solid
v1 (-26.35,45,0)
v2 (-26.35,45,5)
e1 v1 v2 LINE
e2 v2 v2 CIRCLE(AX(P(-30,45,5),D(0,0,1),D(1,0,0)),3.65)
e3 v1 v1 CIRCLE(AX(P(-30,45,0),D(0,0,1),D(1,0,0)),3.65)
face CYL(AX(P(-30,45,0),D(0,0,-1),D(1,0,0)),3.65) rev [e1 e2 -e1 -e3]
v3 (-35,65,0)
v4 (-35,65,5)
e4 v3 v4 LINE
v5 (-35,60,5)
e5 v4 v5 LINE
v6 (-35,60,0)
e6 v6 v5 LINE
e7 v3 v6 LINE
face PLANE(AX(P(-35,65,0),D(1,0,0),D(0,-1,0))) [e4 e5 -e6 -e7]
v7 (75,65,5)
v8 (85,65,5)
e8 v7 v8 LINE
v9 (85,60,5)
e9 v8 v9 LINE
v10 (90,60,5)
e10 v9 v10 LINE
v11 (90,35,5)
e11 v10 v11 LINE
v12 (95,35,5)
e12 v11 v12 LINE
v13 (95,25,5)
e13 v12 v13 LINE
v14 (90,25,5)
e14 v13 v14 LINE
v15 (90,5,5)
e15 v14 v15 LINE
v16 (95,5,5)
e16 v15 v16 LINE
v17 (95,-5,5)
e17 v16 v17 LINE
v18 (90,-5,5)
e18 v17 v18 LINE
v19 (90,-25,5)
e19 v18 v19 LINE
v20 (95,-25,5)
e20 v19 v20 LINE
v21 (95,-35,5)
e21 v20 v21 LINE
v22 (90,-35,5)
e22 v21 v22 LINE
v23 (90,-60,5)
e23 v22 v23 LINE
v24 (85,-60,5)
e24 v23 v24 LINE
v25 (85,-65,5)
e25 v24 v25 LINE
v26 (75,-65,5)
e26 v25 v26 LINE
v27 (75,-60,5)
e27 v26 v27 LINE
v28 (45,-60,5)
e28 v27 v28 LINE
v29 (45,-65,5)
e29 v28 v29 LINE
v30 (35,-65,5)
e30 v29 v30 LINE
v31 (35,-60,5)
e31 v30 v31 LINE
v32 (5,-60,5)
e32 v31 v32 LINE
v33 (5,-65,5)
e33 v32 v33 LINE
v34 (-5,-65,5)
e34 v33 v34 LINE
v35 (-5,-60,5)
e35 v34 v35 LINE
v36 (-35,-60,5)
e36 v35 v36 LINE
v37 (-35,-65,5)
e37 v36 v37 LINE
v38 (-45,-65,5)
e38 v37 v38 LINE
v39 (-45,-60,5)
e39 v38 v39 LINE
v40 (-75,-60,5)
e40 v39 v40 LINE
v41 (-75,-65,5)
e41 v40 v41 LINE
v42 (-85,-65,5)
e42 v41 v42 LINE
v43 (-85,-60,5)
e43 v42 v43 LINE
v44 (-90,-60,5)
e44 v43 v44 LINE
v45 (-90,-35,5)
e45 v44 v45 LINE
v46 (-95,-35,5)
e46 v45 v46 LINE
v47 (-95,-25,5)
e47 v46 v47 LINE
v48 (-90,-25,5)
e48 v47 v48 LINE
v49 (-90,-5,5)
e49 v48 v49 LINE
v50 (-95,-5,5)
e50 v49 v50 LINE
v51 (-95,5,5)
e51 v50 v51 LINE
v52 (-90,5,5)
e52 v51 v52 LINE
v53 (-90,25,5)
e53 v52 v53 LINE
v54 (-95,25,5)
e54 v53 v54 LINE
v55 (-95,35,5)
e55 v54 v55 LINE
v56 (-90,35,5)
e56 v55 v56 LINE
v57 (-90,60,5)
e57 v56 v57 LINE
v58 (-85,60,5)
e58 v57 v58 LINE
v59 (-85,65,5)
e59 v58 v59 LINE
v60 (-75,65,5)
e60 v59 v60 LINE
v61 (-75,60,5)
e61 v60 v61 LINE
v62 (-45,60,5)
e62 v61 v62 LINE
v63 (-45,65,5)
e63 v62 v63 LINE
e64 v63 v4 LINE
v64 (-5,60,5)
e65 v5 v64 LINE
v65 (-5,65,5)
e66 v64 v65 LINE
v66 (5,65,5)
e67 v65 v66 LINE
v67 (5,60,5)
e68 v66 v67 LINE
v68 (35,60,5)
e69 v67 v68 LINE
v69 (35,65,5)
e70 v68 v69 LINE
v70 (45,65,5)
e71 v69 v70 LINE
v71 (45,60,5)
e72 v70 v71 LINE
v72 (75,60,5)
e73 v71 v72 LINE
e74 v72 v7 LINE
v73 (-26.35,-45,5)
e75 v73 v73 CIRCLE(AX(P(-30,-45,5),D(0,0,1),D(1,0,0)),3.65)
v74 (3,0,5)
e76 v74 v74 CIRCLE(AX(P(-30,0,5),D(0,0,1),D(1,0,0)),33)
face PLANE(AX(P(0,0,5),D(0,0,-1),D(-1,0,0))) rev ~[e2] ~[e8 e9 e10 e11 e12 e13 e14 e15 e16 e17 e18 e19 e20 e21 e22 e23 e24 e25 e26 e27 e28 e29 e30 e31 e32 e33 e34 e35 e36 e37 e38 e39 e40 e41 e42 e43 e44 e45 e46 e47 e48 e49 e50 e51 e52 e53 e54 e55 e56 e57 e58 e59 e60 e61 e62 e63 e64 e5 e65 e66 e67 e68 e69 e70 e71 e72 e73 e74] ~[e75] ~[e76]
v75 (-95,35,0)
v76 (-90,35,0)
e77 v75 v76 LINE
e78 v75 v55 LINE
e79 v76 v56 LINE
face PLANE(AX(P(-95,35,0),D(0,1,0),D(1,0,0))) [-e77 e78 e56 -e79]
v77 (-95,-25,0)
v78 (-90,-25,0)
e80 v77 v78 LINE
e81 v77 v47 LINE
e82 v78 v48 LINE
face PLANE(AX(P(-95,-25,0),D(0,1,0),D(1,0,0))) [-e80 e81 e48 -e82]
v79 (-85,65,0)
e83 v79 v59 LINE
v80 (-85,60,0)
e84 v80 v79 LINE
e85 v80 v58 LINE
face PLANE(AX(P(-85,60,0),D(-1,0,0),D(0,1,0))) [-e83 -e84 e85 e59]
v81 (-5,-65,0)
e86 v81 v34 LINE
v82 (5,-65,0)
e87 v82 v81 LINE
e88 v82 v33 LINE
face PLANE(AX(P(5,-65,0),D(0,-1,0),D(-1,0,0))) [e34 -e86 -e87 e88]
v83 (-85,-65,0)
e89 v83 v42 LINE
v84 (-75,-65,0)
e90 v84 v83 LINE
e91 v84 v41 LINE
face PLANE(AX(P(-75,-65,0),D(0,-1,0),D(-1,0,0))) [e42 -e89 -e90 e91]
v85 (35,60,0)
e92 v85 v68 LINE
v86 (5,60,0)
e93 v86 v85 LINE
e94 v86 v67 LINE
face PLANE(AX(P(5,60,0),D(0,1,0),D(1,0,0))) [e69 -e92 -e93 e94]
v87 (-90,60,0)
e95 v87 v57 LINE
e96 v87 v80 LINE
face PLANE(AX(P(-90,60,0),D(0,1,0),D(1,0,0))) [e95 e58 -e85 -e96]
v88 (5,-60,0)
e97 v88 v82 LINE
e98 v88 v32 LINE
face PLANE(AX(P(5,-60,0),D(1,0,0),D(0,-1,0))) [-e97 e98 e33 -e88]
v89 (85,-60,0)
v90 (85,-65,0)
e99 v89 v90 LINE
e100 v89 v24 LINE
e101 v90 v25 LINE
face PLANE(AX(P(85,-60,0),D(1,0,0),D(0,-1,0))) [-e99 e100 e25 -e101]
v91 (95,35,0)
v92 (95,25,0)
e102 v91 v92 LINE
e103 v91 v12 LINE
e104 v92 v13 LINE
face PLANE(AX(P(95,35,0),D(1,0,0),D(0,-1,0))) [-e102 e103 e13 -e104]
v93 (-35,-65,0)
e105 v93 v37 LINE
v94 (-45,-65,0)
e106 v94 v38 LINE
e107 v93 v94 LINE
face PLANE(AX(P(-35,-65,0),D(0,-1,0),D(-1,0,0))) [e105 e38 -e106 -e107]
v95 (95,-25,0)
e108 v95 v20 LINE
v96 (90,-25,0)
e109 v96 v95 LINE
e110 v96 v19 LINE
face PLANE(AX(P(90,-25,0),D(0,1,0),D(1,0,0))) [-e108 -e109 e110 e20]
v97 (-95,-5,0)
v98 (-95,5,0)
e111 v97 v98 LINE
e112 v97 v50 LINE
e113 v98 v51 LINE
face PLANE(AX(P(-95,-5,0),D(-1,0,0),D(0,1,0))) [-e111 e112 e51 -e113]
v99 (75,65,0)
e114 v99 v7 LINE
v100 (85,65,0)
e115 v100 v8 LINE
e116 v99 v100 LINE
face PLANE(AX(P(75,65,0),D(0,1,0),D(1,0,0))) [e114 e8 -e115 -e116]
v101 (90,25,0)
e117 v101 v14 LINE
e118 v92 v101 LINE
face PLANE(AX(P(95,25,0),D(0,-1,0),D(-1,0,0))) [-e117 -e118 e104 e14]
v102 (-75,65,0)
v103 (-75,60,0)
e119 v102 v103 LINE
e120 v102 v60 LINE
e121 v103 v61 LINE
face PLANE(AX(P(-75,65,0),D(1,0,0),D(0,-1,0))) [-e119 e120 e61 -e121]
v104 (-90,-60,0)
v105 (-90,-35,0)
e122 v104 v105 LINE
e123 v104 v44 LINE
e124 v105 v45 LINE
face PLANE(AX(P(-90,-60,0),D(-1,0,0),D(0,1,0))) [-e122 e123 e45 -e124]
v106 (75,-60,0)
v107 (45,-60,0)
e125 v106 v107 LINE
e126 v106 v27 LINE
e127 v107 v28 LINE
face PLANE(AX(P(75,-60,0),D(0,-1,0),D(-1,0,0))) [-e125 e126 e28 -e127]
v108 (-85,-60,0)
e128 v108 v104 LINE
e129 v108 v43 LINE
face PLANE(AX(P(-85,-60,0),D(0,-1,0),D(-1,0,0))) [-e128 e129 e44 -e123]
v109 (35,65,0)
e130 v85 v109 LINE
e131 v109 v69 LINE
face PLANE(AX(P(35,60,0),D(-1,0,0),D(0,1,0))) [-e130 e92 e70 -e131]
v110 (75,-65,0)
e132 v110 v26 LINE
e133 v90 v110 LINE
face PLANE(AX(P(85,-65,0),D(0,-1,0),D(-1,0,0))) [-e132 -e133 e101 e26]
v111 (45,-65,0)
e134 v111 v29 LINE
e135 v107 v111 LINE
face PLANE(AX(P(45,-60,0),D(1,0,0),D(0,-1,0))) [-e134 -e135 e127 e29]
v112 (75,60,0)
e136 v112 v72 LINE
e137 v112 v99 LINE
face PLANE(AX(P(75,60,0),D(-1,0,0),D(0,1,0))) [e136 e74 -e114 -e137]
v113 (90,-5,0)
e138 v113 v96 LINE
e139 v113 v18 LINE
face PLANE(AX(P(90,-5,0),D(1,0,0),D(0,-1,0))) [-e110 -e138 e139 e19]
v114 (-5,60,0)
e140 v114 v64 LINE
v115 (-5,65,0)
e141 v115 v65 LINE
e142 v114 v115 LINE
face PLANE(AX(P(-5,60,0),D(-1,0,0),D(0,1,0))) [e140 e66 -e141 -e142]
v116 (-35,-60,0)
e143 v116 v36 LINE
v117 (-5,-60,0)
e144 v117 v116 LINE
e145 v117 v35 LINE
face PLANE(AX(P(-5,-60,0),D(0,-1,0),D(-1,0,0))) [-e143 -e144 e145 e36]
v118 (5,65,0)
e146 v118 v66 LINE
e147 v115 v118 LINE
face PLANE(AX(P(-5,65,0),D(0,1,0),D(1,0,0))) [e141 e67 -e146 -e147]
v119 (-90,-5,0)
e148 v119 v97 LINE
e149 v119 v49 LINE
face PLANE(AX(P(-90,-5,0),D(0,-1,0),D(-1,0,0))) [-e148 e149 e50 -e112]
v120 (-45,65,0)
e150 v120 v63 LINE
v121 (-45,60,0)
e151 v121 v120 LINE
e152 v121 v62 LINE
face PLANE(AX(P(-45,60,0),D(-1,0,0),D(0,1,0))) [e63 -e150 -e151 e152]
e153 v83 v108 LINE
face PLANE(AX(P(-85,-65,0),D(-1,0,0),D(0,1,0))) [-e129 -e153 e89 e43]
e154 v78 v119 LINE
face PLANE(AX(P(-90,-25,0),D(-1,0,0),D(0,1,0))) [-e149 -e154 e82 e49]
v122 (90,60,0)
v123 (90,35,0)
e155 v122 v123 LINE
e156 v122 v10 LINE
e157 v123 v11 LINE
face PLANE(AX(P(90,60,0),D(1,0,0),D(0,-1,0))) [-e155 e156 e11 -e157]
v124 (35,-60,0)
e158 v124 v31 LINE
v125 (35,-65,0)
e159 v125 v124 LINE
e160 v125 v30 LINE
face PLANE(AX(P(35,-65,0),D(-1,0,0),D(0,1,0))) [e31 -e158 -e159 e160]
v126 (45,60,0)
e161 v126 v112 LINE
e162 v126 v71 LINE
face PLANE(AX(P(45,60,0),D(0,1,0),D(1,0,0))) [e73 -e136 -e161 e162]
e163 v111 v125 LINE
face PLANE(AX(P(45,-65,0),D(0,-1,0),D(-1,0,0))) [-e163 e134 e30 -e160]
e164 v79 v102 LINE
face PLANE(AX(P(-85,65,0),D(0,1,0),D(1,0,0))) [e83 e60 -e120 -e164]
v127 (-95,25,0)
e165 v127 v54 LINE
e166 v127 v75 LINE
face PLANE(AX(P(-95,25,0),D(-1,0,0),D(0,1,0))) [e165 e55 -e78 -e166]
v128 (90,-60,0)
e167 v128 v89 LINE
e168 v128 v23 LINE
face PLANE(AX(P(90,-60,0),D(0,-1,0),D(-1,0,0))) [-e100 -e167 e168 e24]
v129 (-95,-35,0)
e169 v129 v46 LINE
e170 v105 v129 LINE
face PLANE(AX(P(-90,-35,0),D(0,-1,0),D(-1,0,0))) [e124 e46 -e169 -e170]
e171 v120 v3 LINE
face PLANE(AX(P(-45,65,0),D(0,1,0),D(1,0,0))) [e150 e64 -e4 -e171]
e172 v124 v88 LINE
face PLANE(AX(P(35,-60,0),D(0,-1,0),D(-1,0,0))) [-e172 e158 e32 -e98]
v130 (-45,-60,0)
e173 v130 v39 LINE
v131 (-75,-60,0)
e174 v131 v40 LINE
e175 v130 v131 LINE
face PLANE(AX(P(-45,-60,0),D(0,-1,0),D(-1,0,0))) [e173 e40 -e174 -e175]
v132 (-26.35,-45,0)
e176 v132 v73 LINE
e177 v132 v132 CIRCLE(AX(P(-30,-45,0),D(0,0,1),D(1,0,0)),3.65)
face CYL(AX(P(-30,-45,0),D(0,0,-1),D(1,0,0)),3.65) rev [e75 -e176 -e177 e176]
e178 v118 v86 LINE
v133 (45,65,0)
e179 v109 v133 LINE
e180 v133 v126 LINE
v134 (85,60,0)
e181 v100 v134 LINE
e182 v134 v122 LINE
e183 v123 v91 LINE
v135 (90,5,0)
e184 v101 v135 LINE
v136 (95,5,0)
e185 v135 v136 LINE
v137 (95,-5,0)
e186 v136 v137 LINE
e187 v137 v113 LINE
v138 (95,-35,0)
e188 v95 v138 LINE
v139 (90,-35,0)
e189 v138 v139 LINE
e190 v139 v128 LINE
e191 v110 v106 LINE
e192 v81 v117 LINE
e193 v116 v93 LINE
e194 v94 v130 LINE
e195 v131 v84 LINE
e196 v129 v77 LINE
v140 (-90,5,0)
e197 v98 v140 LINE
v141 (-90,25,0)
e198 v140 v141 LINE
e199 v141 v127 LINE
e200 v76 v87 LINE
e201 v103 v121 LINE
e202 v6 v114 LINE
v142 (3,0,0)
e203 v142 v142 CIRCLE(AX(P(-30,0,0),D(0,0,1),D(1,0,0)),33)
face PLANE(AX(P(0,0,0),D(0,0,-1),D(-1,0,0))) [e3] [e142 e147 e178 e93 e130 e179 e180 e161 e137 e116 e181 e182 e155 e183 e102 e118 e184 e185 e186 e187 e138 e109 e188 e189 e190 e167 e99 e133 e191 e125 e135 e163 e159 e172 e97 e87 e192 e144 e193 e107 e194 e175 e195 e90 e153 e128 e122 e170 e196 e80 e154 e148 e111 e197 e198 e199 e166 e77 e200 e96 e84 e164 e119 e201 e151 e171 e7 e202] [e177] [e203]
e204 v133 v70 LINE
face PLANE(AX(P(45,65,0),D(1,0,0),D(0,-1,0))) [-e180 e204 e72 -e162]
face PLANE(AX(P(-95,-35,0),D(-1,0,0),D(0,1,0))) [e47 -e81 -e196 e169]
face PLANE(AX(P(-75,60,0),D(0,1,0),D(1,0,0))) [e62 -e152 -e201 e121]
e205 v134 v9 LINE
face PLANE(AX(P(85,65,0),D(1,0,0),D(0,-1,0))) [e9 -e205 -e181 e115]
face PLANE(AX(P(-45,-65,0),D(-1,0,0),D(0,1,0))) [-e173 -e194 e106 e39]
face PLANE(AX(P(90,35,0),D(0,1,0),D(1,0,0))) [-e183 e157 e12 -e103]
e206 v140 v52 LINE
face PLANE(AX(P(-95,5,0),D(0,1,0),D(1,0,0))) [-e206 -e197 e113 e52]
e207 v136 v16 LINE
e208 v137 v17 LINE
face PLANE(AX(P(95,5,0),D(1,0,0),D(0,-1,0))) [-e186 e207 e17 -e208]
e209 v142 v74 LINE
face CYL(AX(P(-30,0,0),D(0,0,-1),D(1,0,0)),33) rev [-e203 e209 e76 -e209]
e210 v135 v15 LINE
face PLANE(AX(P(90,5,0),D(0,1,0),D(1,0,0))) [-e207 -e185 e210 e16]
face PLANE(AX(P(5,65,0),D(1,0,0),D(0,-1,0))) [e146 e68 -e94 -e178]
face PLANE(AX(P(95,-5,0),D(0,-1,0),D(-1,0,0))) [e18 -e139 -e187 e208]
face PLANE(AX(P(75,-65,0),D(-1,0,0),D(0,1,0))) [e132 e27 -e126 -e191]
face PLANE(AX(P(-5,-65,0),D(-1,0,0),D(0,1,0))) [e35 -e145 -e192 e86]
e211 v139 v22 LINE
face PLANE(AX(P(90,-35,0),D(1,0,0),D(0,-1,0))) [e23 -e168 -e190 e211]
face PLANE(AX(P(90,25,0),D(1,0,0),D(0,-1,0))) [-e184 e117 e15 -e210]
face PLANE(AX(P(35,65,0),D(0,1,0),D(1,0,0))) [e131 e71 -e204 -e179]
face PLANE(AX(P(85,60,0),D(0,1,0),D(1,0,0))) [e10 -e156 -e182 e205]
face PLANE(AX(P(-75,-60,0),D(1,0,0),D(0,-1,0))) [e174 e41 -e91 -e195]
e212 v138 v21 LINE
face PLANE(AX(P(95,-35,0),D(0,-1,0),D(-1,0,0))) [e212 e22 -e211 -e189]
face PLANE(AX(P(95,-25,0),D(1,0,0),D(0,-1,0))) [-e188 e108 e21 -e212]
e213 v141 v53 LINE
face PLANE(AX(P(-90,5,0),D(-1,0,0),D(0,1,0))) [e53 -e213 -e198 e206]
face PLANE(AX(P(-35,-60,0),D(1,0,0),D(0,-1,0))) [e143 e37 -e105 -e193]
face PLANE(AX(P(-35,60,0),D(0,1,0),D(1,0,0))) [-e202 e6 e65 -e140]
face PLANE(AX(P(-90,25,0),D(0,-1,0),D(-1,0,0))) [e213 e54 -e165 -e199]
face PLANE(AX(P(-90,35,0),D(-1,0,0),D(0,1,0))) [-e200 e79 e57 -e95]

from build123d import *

# Parameters (mm, degrees)
SKETCH1_R           = 33
SKETCH1_R_2         = 3.65
BOSS_EXTRUDE1_DEPTH = 5


with BuildPart() as part:
    # Sketch1 → Boss-Extrude1 (new body)
    with BuildSketch(Plane.XY):
        Polygon((-85, 60), (-85, 65), (-75, 65), (-75, 60), (-45, 60), (-45, 65), (-35, 65), (-35, 60), (-5, 60), (-5, 65), (5, 65), (5, 60), (35, 60), (35, 65), (45, 65), (45, 60), (75, 60), (75, 65), (85, 65), (85, 60), (90, 60), (90, 35), (95, 35), (95, 25), (90, 25), (90, 5), (95, 5), (95, -5), (90, -5), (90, -25), (95, -25), (95, -35), (90, -35), (90, -60), (85, -60), (85, -65), (75, -65), (75, -60), (45, -60), (45, -65), (35, -65), (35, -60), (5, -60), (5, -65), (-5, -65), (-5, -60), (-35, -60), (-35, -65), (-45, -65), (-45, -60), (-75, -60), (-75, -65), (-85, -65), (-85, -60), (-90, -60), (-90, -35), (-95, -35), (-95, -25), (-90, -25), (-90, -5), (-95, -5), (-95, 5), (-90, 5), (-90, 25), (-95, 25), (-95, 35), (-90, 35), (-90, 60), align=None)
        with Locations((-30, 0)):
            Circle(SKETCH1_R, mode=Mode.SUBTRACT)
        with Locations((-30, -45)):
            Circle(SKETCH1_R_2, mode=Mode.SUBTRACT)
        with Locations((-30, 45)):
            Circle(SKETCH1_R_2, mode=Mode.SUBTRACT)
    extrude(amount=BOSS_EXTRUDE1_DEPTH)


solid = part.part
